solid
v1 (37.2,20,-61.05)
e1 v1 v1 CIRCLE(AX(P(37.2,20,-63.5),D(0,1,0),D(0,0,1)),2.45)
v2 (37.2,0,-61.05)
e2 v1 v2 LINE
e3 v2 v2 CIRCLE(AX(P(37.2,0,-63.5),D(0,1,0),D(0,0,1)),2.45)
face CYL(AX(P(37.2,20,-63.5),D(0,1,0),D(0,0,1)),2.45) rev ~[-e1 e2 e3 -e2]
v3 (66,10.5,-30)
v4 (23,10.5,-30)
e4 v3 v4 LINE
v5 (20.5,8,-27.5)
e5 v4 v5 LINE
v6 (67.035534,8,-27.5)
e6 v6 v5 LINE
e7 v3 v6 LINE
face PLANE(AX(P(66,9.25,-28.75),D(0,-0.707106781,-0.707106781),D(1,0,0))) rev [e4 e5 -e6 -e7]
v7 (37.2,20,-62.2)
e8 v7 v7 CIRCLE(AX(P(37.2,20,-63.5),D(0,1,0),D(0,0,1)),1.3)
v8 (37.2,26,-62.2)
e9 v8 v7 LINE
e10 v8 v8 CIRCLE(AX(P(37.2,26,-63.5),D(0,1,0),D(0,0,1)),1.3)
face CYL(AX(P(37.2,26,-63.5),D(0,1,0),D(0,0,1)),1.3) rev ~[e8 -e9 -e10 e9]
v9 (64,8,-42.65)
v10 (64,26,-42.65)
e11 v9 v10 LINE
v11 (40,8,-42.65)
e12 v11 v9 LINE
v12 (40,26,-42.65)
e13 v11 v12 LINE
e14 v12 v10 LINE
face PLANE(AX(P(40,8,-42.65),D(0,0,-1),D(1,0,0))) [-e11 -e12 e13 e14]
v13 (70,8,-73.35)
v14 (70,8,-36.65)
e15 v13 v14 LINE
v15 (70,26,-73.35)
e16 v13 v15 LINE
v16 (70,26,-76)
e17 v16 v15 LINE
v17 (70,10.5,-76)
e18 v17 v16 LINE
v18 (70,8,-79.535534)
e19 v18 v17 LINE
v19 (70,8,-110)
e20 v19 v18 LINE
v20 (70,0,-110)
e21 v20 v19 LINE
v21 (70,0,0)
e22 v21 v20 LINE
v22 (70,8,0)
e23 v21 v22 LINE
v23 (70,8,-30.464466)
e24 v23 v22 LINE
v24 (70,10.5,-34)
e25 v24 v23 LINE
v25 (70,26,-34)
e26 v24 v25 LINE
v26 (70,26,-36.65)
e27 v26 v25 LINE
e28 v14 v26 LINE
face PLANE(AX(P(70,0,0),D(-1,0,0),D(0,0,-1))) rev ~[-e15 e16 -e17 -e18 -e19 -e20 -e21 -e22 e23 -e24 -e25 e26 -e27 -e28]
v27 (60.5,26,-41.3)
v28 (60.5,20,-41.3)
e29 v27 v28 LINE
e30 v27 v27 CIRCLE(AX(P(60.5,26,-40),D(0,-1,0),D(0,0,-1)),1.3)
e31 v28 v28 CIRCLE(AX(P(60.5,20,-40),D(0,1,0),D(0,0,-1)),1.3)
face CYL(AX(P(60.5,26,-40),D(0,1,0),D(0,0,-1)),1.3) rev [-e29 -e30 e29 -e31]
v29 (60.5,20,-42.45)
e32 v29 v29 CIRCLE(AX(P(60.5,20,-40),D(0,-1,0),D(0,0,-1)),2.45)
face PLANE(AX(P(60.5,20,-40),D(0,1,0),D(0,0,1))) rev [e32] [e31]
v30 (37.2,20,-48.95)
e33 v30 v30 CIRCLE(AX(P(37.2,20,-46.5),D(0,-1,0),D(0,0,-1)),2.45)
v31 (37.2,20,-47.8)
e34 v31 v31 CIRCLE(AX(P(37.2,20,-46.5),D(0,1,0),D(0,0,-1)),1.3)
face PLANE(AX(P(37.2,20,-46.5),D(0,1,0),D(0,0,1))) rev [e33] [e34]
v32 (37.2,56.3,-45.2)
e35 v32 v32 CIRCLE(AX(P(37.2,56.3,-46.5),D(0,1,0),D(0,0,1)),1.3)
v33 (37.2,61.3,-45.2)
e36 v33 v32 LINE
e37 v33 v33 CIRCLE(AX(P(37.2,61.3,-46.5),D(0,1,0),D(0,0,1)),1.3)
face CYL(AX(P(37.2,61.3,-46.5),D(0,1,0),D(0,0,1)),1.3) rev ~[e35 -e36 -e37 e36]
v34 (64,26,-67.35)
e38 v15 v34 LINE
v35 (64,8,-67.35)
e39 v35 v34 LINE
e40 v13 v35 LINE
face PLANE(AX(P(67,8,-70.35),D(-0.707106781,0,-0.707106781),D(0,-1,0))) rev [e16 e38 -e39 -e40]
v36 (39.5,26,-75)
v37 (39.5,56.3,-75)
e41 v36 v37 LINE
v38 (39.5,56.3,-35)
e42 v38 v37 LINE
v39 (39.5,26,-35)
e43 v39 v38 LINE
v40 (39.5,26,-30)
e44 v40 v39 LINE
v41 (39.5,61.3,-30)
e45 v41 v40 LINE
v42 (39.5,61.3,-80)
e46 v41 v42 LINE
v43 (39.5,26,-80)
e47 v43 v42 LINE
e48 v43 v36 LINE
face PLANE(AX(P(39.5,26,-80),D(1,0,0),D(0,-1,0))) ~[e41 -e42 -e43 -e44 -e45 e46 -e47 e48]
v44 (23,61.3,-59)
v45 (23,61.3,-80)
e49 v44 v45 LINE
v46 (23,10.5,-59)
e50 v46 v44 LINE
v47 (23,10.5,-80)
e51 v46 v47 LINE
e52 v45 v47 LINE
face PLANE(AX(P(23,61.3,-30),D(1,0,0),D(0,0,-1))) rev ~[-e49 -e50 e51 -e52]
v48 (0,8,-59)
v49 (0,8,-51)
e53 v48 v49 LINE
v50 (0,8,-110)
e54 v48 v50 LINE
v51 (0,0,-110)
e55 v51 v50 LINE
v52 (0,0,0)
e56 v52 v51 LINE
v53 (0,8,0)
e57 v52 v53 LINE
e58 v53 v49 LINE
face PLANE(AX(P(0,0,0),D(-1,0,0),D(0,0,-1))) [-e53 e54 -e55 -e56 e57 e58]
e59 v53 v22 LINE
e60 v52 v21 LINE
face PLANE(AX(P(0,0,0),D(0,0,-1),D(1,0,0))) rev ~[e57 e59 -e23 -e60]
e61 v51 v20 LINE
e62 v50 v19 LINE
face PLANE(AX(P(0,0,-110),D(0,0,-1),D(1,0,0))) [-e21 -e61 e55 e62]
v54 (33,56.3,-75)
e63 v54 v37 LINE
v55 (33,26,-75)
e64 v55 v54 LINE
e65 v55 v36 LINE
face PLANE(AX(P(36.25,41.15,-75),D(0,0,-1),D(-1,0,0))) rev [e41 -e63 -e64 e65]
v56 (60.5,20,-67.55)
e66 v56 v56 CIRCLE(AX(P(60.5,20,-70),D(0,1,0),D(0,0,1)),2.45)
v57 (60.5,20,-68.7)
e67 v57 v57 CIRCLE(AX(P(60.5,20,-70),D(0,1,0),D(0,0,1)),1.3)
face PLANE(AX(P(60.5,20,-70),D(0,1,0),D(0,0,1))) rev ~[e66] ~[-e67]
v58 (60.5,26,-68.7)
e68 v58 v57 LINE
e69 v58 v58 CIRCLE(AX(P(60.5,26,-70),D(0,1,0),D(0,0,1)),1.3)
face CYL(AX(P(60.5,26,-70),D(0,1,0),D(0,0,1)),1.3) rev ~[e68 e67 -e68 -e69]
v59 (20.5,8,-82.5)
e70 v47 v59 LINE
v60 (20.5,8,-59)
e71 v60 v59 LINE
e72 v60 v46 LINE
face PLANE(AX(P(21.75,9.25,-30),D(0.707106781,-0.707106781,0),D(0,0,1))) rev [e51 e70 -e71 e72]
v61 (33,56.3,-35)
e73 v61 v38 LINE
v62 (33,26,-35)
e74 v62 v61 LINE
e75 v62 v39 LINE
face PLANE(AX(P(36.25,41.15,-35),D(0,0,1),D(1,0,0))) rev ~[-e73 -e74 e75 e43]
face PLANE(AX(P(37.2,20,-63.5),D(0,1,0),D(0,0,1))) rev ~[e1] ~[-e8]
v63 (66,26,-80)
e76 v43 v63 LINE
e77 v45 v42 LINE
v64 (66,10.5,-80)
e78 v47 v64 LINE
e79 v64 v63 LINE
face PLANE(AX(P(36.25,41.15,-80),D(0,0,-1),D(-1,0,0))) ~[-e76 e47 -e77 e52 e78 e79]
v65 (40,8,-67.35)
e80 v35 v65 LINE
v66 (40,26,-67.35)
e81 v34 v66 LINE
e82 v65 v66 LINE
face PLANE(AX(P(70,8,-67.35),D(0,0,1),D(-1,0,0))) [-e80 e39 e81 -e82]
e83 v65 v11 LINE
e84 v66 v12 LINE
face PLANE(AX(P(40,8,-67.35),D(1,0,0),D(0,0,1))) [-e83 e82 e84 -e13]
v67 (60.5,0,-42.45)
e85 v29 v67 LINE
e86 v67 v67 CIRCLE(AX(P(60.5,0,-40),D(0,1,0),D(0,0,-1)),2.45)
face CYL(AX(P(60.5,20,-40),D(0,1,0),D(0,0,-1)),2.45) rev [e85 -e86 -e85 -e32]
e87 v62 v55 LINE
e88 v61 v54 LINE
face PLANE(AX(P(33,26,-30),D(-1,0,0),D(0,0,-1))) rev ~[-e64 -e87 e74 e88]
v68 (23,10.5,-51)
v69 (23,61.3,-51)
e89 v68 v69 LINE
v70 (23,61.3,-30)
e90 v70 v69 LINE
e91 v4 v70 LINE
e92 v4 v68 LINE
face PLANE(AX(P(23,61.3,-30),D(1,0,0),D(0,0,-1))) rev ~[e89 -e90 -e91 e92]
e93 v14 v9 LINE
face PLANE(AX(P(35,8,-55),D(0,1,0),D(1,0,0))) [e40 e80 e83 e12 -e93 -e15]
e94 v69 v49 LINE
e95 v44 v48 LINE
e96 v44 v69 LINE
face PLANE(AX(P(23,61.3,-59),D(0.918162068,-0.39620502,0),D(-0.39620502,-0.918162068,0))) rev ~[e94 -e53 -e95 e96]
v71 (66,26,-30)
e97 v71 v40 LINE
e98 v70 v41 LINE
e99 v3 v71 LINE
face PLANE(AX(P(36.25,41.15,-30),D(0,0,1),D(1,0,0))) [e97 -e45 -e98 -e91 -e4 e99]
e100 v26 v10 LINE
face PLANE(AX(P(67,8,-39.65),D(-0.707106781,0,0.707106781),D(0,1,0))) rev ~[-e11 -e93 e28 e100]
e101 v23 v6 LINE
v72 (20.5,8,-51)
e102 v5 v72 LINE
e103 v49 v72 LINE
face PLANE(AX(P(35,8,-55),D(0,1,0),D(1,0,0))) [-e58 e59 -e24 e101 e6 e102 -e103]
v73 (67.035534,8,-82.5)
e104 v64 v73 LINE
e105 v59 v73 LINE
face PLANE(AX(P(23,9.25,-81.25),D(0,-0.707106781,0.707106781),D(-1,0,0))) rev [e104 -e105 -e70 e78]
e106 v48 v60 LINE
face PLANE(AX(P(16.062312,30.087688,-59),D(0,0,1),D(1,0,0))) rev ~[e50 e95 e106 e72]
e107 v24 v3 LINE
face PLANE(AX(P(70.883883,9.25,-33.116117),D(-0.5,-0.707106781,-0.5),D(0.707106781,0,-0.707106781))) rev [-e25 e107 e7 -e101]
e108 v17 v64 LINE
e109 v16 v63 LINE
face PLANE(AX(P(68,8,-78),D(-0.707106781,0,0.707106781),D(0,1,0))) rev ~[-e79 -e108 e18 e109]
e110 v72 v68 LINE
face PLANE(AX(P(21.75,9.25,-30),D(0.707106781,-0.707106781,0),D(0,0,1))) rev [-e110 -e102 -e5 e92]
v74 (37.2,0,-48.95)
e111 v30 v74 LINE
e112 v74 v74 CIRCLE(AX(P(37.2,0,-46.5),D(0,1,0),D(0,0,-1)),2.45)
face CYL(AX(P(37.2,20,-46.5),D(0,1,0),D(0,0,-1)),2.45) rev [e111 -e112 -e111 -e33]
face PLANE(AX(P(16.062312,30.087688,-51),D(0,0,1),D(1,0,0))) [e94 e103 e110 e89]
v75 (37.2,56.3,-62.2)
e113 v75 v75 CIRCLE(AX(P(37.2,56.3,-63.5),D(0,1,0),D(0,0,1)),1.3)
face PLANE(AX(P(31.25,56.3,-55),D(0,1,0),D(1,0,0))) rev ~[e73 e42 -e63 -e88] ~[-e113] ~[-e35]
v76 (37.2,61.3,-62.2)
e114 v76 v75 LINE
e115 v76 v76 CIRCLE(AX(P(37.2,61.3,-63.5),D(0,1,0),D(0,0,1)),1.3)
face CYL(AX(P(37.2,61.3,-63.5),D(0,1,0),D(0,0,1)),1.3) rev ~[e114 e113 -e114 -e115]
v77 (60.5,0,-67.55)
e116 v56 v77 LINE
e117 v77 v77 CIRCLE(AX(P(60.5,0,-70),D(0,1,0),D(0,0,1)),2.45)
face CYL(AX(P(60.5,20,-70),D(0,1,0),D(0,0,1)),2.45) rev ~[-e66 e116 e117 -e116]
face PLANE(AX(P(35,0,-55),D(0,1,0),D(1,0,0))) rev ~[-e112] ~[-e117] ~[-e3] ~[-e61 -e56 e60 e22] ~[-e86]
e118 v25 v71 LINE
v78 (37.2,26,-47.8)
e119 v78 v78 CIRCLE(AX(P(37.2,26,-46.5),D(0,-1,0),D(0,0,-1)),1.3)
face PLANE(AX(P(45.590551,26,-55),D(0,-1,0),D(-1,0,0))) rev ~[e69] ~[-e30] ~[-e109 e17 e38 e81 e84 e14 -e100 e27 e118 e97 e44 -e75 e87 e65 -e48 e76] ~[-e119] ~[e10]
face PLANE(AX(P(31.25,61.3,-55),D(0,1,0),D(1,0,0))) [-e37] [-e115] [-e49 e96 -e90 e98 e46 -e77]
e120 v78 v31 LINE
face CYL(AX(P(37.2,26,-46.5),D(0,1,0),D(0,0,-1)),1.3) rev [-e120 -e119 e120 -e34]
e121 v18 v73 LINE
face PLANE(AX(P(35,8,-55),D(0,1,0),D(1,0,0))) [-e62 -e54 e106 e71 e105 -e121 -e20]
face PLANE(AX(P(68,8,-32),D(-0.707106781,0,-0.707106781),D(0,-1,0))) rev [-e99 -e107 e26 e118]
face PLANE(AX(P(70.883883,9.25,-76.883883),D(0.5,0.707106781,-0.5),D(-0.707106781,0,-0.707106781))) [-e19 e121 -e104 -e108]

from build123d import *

# Parameters (mm, degrees)
SKETCH1_W                = 70
SKETCH1_H                = 110
BOSS_EXTRUDE1_DEPTH      = 8
BOSS_EXTRUDE2_DEPTH      = 18
SKETCH3_R                = 1.3
CUT_EXTRUDE1_DEPTH       = 133.951118837
CUT_EXTRUDE3_START       = -6
SKETCH4_R                = 2.45
CUT_EXTRUDE3_DEPTH       = 127.951118837
CHAMFER2_SIZE            = 6
CHAMFER7_SIZE            = 4
CHAMFER6_SIZE            = 2.5
SKETCH6_W                = 10
SKETCH6_H                = 50
BOSS_EXTRUDE4_DEPTH      = 30.3
BOSS_EXTRUDE5_START      = 5
SKETCH7_W                = 16.5
SKETCH7_H                = 50
SKETCH7_R                = 1.3
BOSS_EXTRUDE5_DEPTH      = 5
SKETCH8_W                = 6.5
SKETCH8_H                = 30.3
BOSS_EXTRUDE6_DEPTH      = 5
BOSS_EXTRUDE7_DEPTH      = 4
BOSS_EXTRUDE7_DEPTH_BACK = 4


with BuildPart() as part:
    # Sketch1 → Boss-Extrude1 (new body)
    with BuildSketch(Plane(origin=(0, 0, 0), x_dir=(1, 0, 0), z_dir=(0, 1, 0))):
        with Locations((35, 55)):
            Rectangle(SKETCH1_W, SKETCH1_H)
    extrude(amount=BOSS_EXTRUDE1_DEPTH)

    # Sketch2 → Boss-Extrude2 (add)
    with BuildSketch(Plane(origin=(0, 8, 0), x_dir=(1, 0, 0), z_dir=(0, 1, 0))):
        Polygon((70, 67.35), (40, 67.35), (40, 42.65), (70, 42.65), (70, 30), (23, 30), (23, 80), (70, 80), align=None)
    extrude(amount=BOSS_EXTRUDE2_DEPTH)

    # Sketch3 → Cut-Extrude1 (cut, through all)
    with BuildSketch(Plane(origin=(0, 26, 0), x_dir=(1, 0, 0), z_dir=(0, 1, 0))):
        with Locations(Location((60.5, 70, 0), (0, 0, 270))):
            Circle(SKETCH3_R)
        with Locations(Location((37.2, 63.5, 0), (0, 0, 270))):
            Circle(SKETCH3_R)
    cut_extrude1 = extrude(amount=-CUT_EXTRUDE1_DEPTH, mode=Mode.SUBTRACT)

    # Sketch4 → Cut-Extrude3 (cut, through all)
    with BuildSketch(Plane(origin=(0, 26, 0), x_dir=(1, 0, 0), z_dir=(0, 1, 0)).offset(CUT_EXTRUDE3_START)):
        with Locations(Location((37.2, 63.5, 0), (0, 0, 270))):
            Circle(SKETCH4_R)
        with Locations(Location((60.5, 70, 0), (0, 0, 270))):
            Circle(SKETCH4_R)
    cut_extrude3 = extrude(amount=-CUT_EXTRUDE3_DEPTH, mode=Mode.SUBTRACT)

    # Mirror3: Cut-Extrude1, Cut-Extrude3 across plane
    add(cut_extrude1.mirror(Plane.XY.offset(-55)), mode=Mode.SUBTRACT)
    add(cut_extrude3.mirror(Plane.XY.offset(-55)), mode=Mode.SUBTRACT)

    # Chamfer2
    chamfer2_edges = [part.edges().sort_by_distance(p)[0] for p in [
        (70, 17, -67.35),
        (70, 17, -42.65),
    ]]
    chamfer(chamfer2_edges, length=CHAMFER2_SIZE)

    # Chamfer7
    chamfer7_edges = [part.edges().sort_by_distance(p)[0] for p in [
        (70, 17, -80),
        (70, 17, -30),
    ]]
    chamfer(chamfer7_edges, length=CHAMFER7_SIZE)

    # Chamfer6
    chamfer6_edges = [part.edges().sort_by_distance(p)[0] for p in [
        (44.5, 8, -80),
        (68, 8, -78),
        (68, 8, -32),
        (23, 8, -55),
        (44.5, 8, -30),
    ]]
    chamfer(chamfer6_edges, length=CHAMFER6_SIZE)

    # Sketch6 → Boss-Extrude4 (add)
    with BuildSketch(Plane(origin=(0, 26, 0), x_dir=(1, 0, 0), z_dir=(0, 1, 0))):
        with Locations((28, 55)):
            Rectangle(SKETCH6_W, SKETCH6_H)
    extrude(amount=BOSS_EXTRUDE4_DEPTH)

    # Sketch7 → Boss-Extrude5 (add)
    with BuildSketch(Plane(origin=(0, 56.3, 0), x_dir=(1, 0, 0), z_dir=(0, 1, 0)).offset(BOSS_EXTRUDE5_START)):
        with Locations((31.25, 55)):
            Rectangle(SKETCH7_W, SKETCH7_H)
        with Locations(Location((37.2, 63.5, 0), (0, 0, 270))):
            Circle(SKETCH7_R, mode=Mode.SUBTRACT)
        with Locations(Location((37.2, 46.5, 0), (0, 0, 270))):
            Circle(SKETCH7_R, mode=Mode.SUBTRACT)
    extrude(amount=-BOSS_EXTRUDE5_DEPTH)

    # Sketch8 → Boss-Extrude6 (add)
    with BuildSketch(Plane.XY.offset(-30)):
        with Locations((36.25, 41.15)):
            Rectangle(SKETCH8_W, SKETCH8_H)
    boss_extrude6 = extrude(amount=-BOSS_EXTRUDE6_DEPTH)

    # Mirror4: Boss-Extrude6 across plane
    add(boss_extrude6.mirror(Plane.XY.offset(-55)))

    # Sketch9 → Boss-Extrude7 (add, two sides: drawn at the far end of the back side and taken through both)
    with BuildSketch(Plane.XY.offset(-55).offset(-BOSS_EXTRUDE7_DEPTH_BACK)):
        Polygon((0, 8), (23, 8), (23, 61.3), align=None)
    extrude(amount=BOSS_EXTRUDE7_DEPTH + BOSS_EXTRUDE7_DEPTH_BACK)


solid = part.part
